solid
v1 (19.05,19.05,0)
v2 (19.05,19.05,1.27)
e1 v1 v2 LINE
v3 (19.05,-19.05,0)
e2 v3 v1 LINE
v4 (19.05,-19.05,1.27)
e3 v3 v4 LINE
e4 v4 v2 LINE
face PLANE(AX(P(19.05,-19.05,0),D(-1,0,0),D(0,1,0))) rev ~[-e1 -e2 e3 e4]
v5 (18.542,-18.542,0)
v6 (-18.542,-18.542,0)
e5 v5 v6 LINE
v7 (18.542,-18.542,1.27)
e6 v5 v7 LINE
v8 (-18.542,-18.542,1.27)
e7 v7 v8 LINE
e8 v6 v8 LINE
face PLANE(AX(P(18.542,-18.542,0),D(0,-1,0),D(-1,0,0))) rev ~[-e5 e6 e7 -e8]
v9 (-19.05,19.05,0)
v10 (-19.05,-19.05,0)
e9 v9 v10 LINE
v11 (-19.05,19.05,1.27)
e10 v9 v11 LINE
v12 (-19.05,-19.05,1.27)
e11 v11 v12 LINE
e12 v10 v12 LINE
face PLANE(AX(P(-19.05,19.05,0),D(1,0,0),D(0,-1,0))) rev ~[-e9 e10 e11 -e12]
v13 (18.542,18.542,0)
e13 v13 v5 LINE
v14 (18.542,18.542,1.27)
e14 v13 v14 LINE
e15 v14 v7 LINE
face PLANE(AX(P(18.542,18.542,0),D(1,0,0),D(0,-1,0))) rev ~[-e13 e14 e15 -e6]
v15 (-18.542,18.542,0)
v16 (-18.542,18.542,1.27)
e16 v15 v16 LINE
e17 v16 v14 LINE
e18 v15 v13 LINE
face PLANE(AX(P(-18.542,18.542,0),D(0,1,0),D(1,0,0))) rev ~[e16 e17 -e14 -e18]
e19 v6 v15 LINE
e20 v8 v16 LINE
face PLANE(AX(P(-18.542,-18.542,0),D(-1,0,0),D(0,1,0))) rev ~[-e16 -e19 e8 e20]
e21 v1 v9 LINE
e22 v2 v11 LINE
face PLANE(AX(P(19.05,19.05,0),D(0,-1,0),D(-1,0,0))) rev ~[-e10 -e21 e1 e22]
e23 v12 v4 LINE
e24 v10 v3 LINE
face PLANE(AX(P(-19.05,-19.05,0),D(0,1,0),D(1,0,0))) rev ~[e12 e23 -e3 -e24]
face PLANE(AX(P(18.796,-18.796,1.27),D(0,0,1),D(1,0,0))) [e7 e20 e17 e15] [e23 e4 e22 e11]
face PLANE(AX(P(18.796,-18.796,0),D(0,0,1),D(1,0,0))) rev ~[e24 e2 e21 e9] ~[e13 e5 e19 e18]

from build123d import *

# Parameters (mm, degrees)
F0_W     = 0.508
F0_H     = 0.508
F1_DEPTH = 1.27
F2_R     = 1.5875
F3_DEPTH = 25.4


with BuildPart() as f1:
    # F0 (on Top) → F1 (new body)
    with BuildSketch(Plane.XY):
        with Locations((18.796, -18.796)):
            Rectangle(F0_W, F0_H)
        with Locations((18.288, -18.796)):
            Rectangle(F0_W, F0_H)
        with Locations((18.796, -18.288)):
            Rectangle(F0_W, F0_H)
        with Locations((17.78, -18.796)):
            Rectangle(F0_W, F0_H)
        with Locations((18.796, -17.78)):
            Rectangle(F0_W, F0_H)
        with Locations((17.272, -18.796)):
            Rectangle(F0_W, F0_H)
        with Locations((18.796, -17.272)):
            Rectangle(F0_W, F0_H)
        with Locations((16.764, -18.796)):
            Rectangle(F0_W, F0_H)
        with Locations((18.796, -16.764)):
            Rectangle(F0_W, F0_H)
        with Locations((16.256, -18.796)):
            Rectangle(F0_W, F0_H)
        with Locations((18.796, -16.256)):
            Rectangle(F0_W, F0_H)
        with Locations((15.748, -18.796)):
            Rectangle(F0_W, F0_H)
        with Locations((18.796, -15.748)):
            Rectangle(F0_W, F0_H)
        with Locations((15.24, -18.796)):
            Rectangle(F0_W, F0_H)
        with Locations((18.796, -15.24)):
            Rectangle(F0_W, F0_H)
        with Locations((14.732, -18.796)):
            Rectangle(F0_W, F0_H)
        with Locations((18.796, -14.732)):
            Rectangle(F0_W, F0_H)
        with Locations((14.224, -18.796)):
            Rectangle(F0_W, F0_H)
        with Locations((18.796, -14.224)):
            Rectangle(F0_W, F0_H)
        with Locations((13.716, -18.796)):
            Rectangle(F0_W, F0_H)
        with Locations((18.796, -13.716)):
            Rectangle(F0_W, F0_H)
        with Locations((13.208, -18.796)):
            Rectangle(F0_W, F0_H)
        with Locations((18.796, -13.208)):
            Rectangle(F0_W, F0_H)
        with Locations((12.7, -18.796)):
            Rectangle(F0_W, F0_H)
        with Locations((18.796, -12.7)):
            Rectangle(F0_W, F0_H)
        with Locations((12.192, -18.796)):
            Rectangle(F0_W, F0_H)
        with Locations((18.796, -12.192)):
            Rectangle(F0_W, F0_H)
        with Locations((11.684, -18.796)):
            Rectangle(F0_W, F0_H)
        with Locations((18.796, -11.684)):
            Rectangle(F0_W, F0_H)
        with Locations((11.176, -18.796)):
            Rectangle(F0_W, F0_H)
        with Locations((18.796, -11.176)):
            Rectangle(F0_W, F0_H)
        with Locations((10.668, -18.796)):
            Rectangle(F0_W, F0_H)
        with Locations((18.796, -10.668)):
            Rectangle(F0_W, F0_H)
        with Locations((10.16, -18.796)):
            Rectangle(F0_W, F0_H)
        with Locations((18.796, -10.16)):
            Rectangle(F0_W, F0_H)
        with Locations((9.652, -18.796)):
            Rectangle(F0_W, F0_H)
        with Locations((18.796, -9.652)):
            Rectangle(F0_W, F0_H)
        with Locations((9.144, -18.796)):
            Rectangle(F0_W, F0_H)
        with Locations((18.796, -9.144)):
            Rectangle(F0_W, F0_H)
        with Locations((8.636, -18.796)):
            Rectangle(F0_W, F0_H)
        with Locations((18.796, -8.636)):
            Rectangle(F0_W, F0_H)
        with Locations((8.128, -18.796)):
            Rectangle(F0_W, F0_H)
        with Locations((18.796, -8.128)):
            Rectangle(F0_W, F0_H)
        with Locations((7.62, -18.796)):
            Rectangle(F0_W, F0_H)
        with Locations((18.796, -7.62)):
            Rectangle(F0_W, F0_H)
        with Locations((7.112, -18.796)):
            Rectangle(F0_W, F0_H)
        with Locations((18.796, -7.112)):
            Rectangle(F0_W, F0_H)
        with Locations((6.604, -18.796)):
            Rectangle(F0_W, F0_H)
        with Locations((18.796, -6.604)):
            Rectangle(F0_W, F0_H)
        with Locations((6.096, -18.796)):
            Rectangle(F0_W, F0_H)
        with Locations((18.796, -6.096)):
            Rectangle(F0_W, F0_H)
        with Locations((5.588, -18.796)):
            Rectangle(F0_W, F0_H)
        with Locations((18.796, -5.588)):
            Rectangle(F0_W, F0_H)
        with Locations((5.08, -18.796)):
            Rectangle(F0_W, F0_H)
        with Locations((18.796, -5.08)):
            Rectangle(F0_W, F0_H)
        with Locations((4.572, -18.796)):
            Rectangle(F0_W, F0_H)
        with Locations((18.796, -4.572)):
            Rectangle(F0_W, F0_H)
        with Locations((4.064, -18.796)):
            Rectangle(F0_W, F0_H)
        with Locations((18.796, -4.064)):
            Rectangle(F0_W, F0_H)
        with Locations((3.556, -18.796)):
            Rectangle(F0_W, F0_H)
        with Locations((18.796, -3.556)):
            Rectangle(F0_W, F0_H)
        with Locations((3.048, -18.796)):
            Rectangle(F0_W, F0_H)
        with Locations((18.796, -3.048)):
            Rectangle(F0_W, F0_H)
        with Locations((2.54, -18.796)):
            Rectangle(F0_W, F0_H)
        with Locations((18.796, -2.54)):
            Rectangle(F0_W, F0_H)
        with Locations((2.032, -18.796)):
            Rectangle(F0_W, F0_H)
        with Locations((18.796, -2.032)):
            Rectangle(F0_W, F0_H)
        with Locations((1.524, -18.796)):
            Rectangle(F0_W, F0_H)
        with Locations((18.796, -1.524)):
            Rectangle(F0_W, F0_H)
        with Locations((1.016, -18.796)):
            Rectangle(F0_W, F0_H)
        with Locations((18.796, -1.016)):
            Rectangle(F0_W, F0_H)
        with Locations((0.508, -18.796)):
            Rectangle(F0_W, F0_H)
        with Locations((18.796, -0.508)):
            Rectangle(F0_W, F0_H)
        with Locations((0, -18.796)):
            Rectangle(F0_W, F0_H)
        with Locations((18.796, 0)):
            Rectangle(F0_W, F0_H)
        with Locations((-0.508, -18.796)):
            Rectangle(F0_W, F0_H)
        with Locations((18.796, 0.508)):
            Rectangle(F0_W, F0_H)
        with Locations((-1.016, -18.796)):
            Rectangle(F0_W, F0_H)
        with Locations((18.796, 1.016)):
            Rectangle(F0_W, F0_H)
        with Locations((-1.524, -18.796)):
            Rectangle(F0_W, F0_H)
        with Locations((18.796, 1.524)):
            Rectangle(F0_W, F0_H)
        with Locations((-2.032, -18.796)):
            Rectangle(F0_W, F0_H)
        with Locations((18.796, 2.032)):
            Rectangle(F0_W, F0_H)
        with Locations((-2.54, -18.796)):
            Rectangle(F0_W, F0_H)
        with Locations((18.796, 2.54)):
            Rectangle(F0_W, F0_H)
        with Locations((-3.048, -18.796)):
            Rectangle(F0_W, F0_H)
        with Locations((18.796, 3.048)):
            Rectangle(F0_W, F0_H)
        with Locations((-3.556, -18.796)):
            Rectangle(F0_W, F0_H)
        with Locations((18.796, 3.556)):
            Rectangle(F0_W, F0_H)
        with Locations((-4.064, -18.796)):
            Rectangle(F0_W, F0_H)
        with Locations((18.796, 4.064)):
            Rectangle(F0_W, F0_H)
        with Locations((-4.572, -18.796)):
            Rectangle(F0_W, F0_H)
        with Locations((18.796, 4.572)):
            Rectangle(F0_W, F0_H)
        with Locations((-5.08, -18.796)):
            Rectangle(F0_W, F0_H)
        with Locations((18.796, 5.08)):
            Rectangle(F0_W, F0_H)
        with Locations((-5.588, -18.796)):
            Rectangle(F0_W, F0_H)
        with Locations((18.796, 5.588)):
            Rectangle(F0_W, F0_H)
        with Locations((-6.096, -18.796)):
            Rectangle(F0_W, F0_H)
        with Locations((18.796, 6.096)):
            Rectangle(F0_W, F0_H)
        with Locations((-6.604, -18.796)):
            Rectangle(F0_W, F0_H)
        with Locations((18.796, 6.604)):
            Rectangle(F0_W, F0_H)
        with Locations((-7.112, -18.796)):
            Rectangle(F0_W, F0_H)
        with Locations((18.796, 7.112)):
            Rectangle(F0_W, F0_H)
        with Locations((-7.62, -18.796)):
            Rectangle(F0_W, F0_H)
        with Locations((18.796, 7.62)):
            Rectangle(F0_W, F0_H)
        with Locations((-8.128, -18.796)):
            Rectangle(F0_W, F0_H)
        with Locations((18.796, 8.128)):
            Rectangle(F0_W, F0_H)
        with Locations((-8.636, -18.796)):
            Rectangle(F0_W, F0_H)
        with Locations((18.796, 8.636)):
            Rectangle(F0_W, F0_H)
        with Locations((-9.144, -18.796)):
            Rectangle(F0_W, F0_H)
        with Locations((18.796, 9.144)):
            Rectangle(F0_W, F0_H)
        with Locations((-9.652, -18.796)):
            Rectangle(F0_W, F0_H)
        with Locations((18.796, 9.652)):
            Rectangle(F0_W, F0_H)
        with Locations((-10.16, -18.796)):
            Rectangle(F0_W, F0_H)
        with Locations((18.796, 10.16)):
            Rectangle(F0_W, F0_H)
        with Locations((-10.668, -18.796)):
            Rectangle(F0_W, F0_H)
        with Locations((18.796, 10.668)):
            Rectangle(F0_W, F0_H)
        with Locations((-11.176, -18.796)):
            Rectangle(F0_W, F0_H)
        with Locations((18.796, 11.176)):
            Rectangle(F0_W, F0_H)
        with Locations((-11.684, -18.796)):
            Rectangle(F0_W, F0_H)
        with Locations((18.796, 11.684)):
            Rectangle(F0_W, F0_H)
        with Locations((-12.192, -18.796)):
            Rectangle(F0_W, F0_H)
        with Locations((18.796, 12.192)):
            Rectangle(F0_W, F0_H)
        with Locations((-12.7, -18.796)):
            Rectangle(F0_W, F0_H)
        with Locations((18.796, 12.7)):
            Rectangle(F0_W, F0_H)
        with Locations((-13.208, -18.796)):
            Rectangle(F0_W, F0_H)
        with Locations((18.796, 13.208)):
            Rectangle(F0_W, F0_H)
        with Locations((-13.716, -18.796)):
            Rectangle(F0_W, F0_H)
        with Locations((18.796, 13.716)):
            Rectangle(F0_W, F0_H)
        with Locations((-14.224, -18.796)):
            Rectangle(F0_W, F0_H)
        with Locations((18.796, 14.224)):
            Rectangle(F0_W, F0_H)
        with Locations((-14.732, -18.796)):
            Rectangle(F0_W, F0_H)
        with Locations((18.796, 14.732)):
            Rectangle(F0_W, F0_H)
        with Locations((-15.24, -18.796)):
            Rectangle(F0_W, F0_H)
        with Locations((18.796, 15.24)):
            Rectangle(F0_W, F0_H)
        with Locations((-15.748, -18.796)):
            Rectangle(F0_W, F0_H)
        with Locations((18.796, 15.748)):
            Rectangle(F0_W, F0_H)
        with Locations((-16.256, -18.796)):
            Rectangle(F0_W, F0_H)
        with Locations((18.796, 16.256)):
            Rectangle(F0_W, F0_H)
        with Locations((-16.764, -18.796)):
            Rectangle(F0_W, F0_H)
        with Locations((18.796, 16.764)):
            Rectangle(F0_W, F0_H)
        with Locations((-17.272, -18.796)):
            Rectangle(F0_W, F0_H)
        with Locations((18.796, 17.272)):
            Rectangle(F0_W, F0_H)
        with Locations((-17.78, -18.796)):
            Rectangle(F0_W, F0_H)
        with Locations((18.796, 17.78)):
            Rectangle(F0_W, F0_H)
        with Locations((-18.288, -18.796)):
            Rectangle(F0_W, F0_H)
        with Locations((18.796, 18.288)):
            Rectangle(F0_W, F0_H)
        with Locations((-18.796, -18.796)):
            Rectangle(F0_W, F0_H)
        with Locations((18.796, 18.796)):
            Rectangle(F0_W, F0_H)
        with Locations((-18.796, -18.288)):
            Rectangle(F0_W, F0_H)
        with Locations((18.288, 18.796)):
            Rectangle(F0_W, F0_H)
        with Locations((-18.796, -17.78)):
            Rectangle(F0_W, F0_H)
        with Locations((17.78, 18.796)):
            Rectangle(F0_W, F0_H)
        with Locations((-18.796, -17.272)):
            Rectangle(F0_W, F0_H)
        with Locations((17.272, 18.796)):
            Rectangle(F0_W, F0_H)
        with Locations((-18.796, -16.764)):
            Rectangle(F0_W, F0_H)
        with Locations((16.764, 18.796)):
            Rectangle(F0_W, F0_H)
        with Locations((-18.796, -16.256)):
            Rectangle(F0_W, F0_H)
        with Locations((16.256, 18.796)):
            Rectangle(F0_W, F0_H)
        with Locations((-18.796, -15.748)):
            Rectangle(F0_W, F0_H)
        with Locations((15.748, 18.796)):
            Rectangle(F0_W, F0_H)
        with Locations((-18.796, -15.24)):
            Rectangle(F0_W, F0_H)
        with Locations((15.24, 18.796)):
            Rectangle(F0_W, F0_H)
        with Locations((-18.796, -14.732)):
            Rectangle(F0_W, F0_H)
        with Locations((14.732, 18.796)):
            Rectangle(F0_W, F0_H)
        with Locations((-18.796, -14.224)):
            Rectangle(F0_W, F0_H)
        with Locations((14.224, 18.796)):
            Rectangle(F0_W, F0_H)
        with Locations((-18.796, -13.716)):
            Rectangle(F0_W, F0_H)
        with Locations((13.716, 18.796)):
            Rectangle(F0_W, F0_H)
        with Locations((-18.796, -13.208)):
            Rectangle(F0_W, F0_H)
        with Locations((13.208, 18.796)):
            Rectangle(F0_W, F0_H)
        with Locations((-18.796, -12.7)):
            Rectangle(F0_W, F0_H)
        with Locations((12.7, 18.796)):
            Rectangle(F0_W, F0_H)
        with Locations((-18.796, -12.192)):
            Rectangle(F0_W, F0_H)
        with Locations((12.192, 18.796)):
            Rectangle(F0_W, F0_H)
        with Locations((-18.796, -11.684)):
            Rectangle(F0_W, F0_H)
        with Locations((11.684, 18.796)):
            Rectangle(F0_W, F0_H)
        with Locations((-18.796, -11.176)):
            Rectangle(F0_W, F0_H)
        with Locations((11.176, 18.796)):
            Rectangle(F0_W, F0_H)
        with Locations((-18.796, -10.668)):
            Rectangle(F0_W, F0_H)
        with Locations((10.668, 18.796)):
            Rectangle(F0_W, F0_H)
        with Locations((-18.796, -10.16)):
            Rectangle(F0_W, F0_H)
        with Locations((10.16, 18.796)):
            Rectangle(F0_W, F0_H)
        with Locations((-18.796, -9.652)):
            Rectangle(F0_W, F0_H)
        with Locations((9.652, 18.796)):
            Rectangle(F0_W, F0_H)
        with Locations((-18.796, -9.144)):
            Rectangle(F0_W, F0_H)
        with Locations((9.144, 18.796)):
            Rectangle(F0_W, F0_H)
        with Locations((-18.796, -8.636)):
            Rectangle(F0_W, F0_H)
        with Locations((8.636, 18.796)):
            Rectangle(F0_W, F0_H)
        with Locations((-18.796, -8.128)):
            Rectangle(F0_W, F0_H)
        with Locations((8.128, 18.796)):
            Rectangle(F0_W, F0_H)
        with Locations((-18.796, -7.62)):
            Rectangle(F0_W, F0_H)
        with Locations((7.62, 18.796)):
            Rectangle(F0_W, F0_H)
        with Locations((-18.796, -7.112)):
            Rectangle(F0_W, F0_H)
        with Locations((7.112, 18.796)):
            Rectangle(F0_W, F0_H)
        with Locations((-18.796, -6.604)):
            Rectangle(F0_W, F0_H)
        with Locations((6.604, 18.796)):
            Rectangle(F0_W, F0_H)
        with Locations((-18.796, -6.096)):
            Rectangle(F0_W, F0_H)
        with Locations((6.096, 18.796)):
            Rectangle(F0_W, F0_H)
        with Locations((-18.796, -5.588)):
            Rectangle(F0_W, F0_H)
        with Locations((5.588, 18.796)):
            Rectangle(F0_W, F0_H)
        with Locations((-18.796, -5.08)):
            Rectangle(F0_W, F0_H)
        with Locations((5.08, 18.796)):
            Rectangle(F0_W, F0_H)
        with Locations((-18.796, -4.572)):
            Rectangle(F0_W, F0_H)
        with Locations((4.572, 18.796)):
            Rectangle(F0_W, F0_H)
        with Locations((-18.796, -4.064)):
            Rectangle(F0_W, F0_H)
        with Locations((4.064, 18.796)):
            Rectangle(F0_W, F0_H)
        with Locations((-18.796, -3.556)):
            Rectangle(F0_W, F0_H)
        with Locations((3.556, 18.796)):
            Rectangle(F0_W, F0_H)
        with Locations((-18.796, -3.048)):
            Rectangle(F0_W, F0_H)
        with Locations((3.048, 18.796)):
            Rectangle(F0_W, F0_H)
        with Locations((-18.796, -2.54)):
            Rectangle(F0_W, F0_H)
        with Locations((2.54, 18.796)):
            Rectangle(F0_W, F0_H)
        with Locations((-18.796, -2.032)):
            Rectangle(F0_W, F0_H)
        with Locations((2.032, 18.796)):
            Rectangle(F0_W, F0_H)
        with Locations((-18.796, -1.524)):
            Rectangle(F0_W, F0_H)
        with Locations((1.524, 18.796)):
            Rectangle(F0_W, F0_H)
        with Locations((-18.796, -1.016)):
            Rectangle(F0_W, F0_H)
        with Locations((1.016, 18.796)):
            Rectangle(F0_W, F0_H)
        with Locations((-18.796, -0.508)):
            Rectangle(F0_W, F0_H)
        with Locations((0.508, 18.796)):
            Rectangle(F0_W, F0_H)
        with Locations((-18.796, 0)):
            Rectangle(F0_W, F0_H)
        with Locations((0, 18.796)):
            Rectangle(F0_W, F0_H)
        with Locations((-18.796, 0.508)):
            Rectangle(F0_W, F0_H)
        with Locations((-0.508, 18.796)):
            Rectangle(F0_W, F0_H)
        with Locations((-18.796, 1.016)):
            Rectangle(F0_W, F0_H)
        with Locations((-1.016, 18.796)):
            Rectangle(F0_W, F0_H)
        with Locations((-18.796, 1.524)):
            Rectangle(F0_W, F0_H)
        with Locations((-1.524, 18.796)):
            Rectangle(F0_W, F0_H)
        with Locations((-18.796, 2.032)):
            Rectangle(F0_W, F0_H)
        with Locations((-2.032, 18.796)):
            Rectangle(F0_W, F0_H)
        with Locations((-18.796, 2.54)):
            Rectangle(F0_W, F0_H)
        with Locations((-2.54, 18.796)):
            Rectangle(F0_W, F0_H)
        with Locations((-18.796, 3.048)):
            Rectangle(F0_W, F0_H)
        with Locations((-3.048, 18.796)):
            Rectangle(F0_W, F0_H)
        with Locations((-18.796, 3.556)):
            Rectangle(F0_W, F0_H)
        with Locations((-3.556, 18.796)):
            Rectangle(F0_W, F0_H)
        with Locations((-18.796, 4.064)):
            Rectangle(F0_W, F0_H)
        with Locations((-4.064, 18.796)):
            Rectangle(F0_W, F0_H)
        with Locations((-18.796, 4.572)):
            Rectangle(F0_W, F0_H)
        with Locations((-4.572, 18.796)):
            Rectangle(F0_W, F0_H)
        with Locations((-18.796, 5.08)):
            Rectangle(F0_W, F0_H)
        with Locations((-5.08, 18.796)):
            Rectangle(F0_W, F0_H)
        with Locations((-18.796, 5.588)):
            Rectangle(F0_W, F0_H)
        with Locations((-5.588, 18.796)):
            Rectangle(F0_W, F0_H)
        with Locations((-18.796, 6.096)):
            Rectangle(F0_W, F0_H)
        with Locations((-6.096, 18.796)):
            Rectangle(F0_W, F0_H)
        with Locations((-18.796, 6.604)):
            Rectangle(F0_W, F0_H)
        with Locations((-6.604, 18.796)):
            Rectangle(F0_W, F0_H)
        with Locations((-18.796, 7.112)):
            Rectangle(F0_W, F0_H)
        with Locations((-7.112, 18.796)):
            Rectangle(F0_W, F0_H)
        with Locations((-18.796, 7.62)):
            Rectangle(F0_W, F0_H)
        with Locations((-7.62, 18.796)):
            Rectangle(F0_W, F0_H)
        with Locations((-18.796, 8.128)):
            Rectangle(F0_W, F0_H)
        with Locations((-8.128, 18.796)):
            Rectangle(F0_W, F0_H)
        with Locations((-18.796, 8.636)):
            Rectangle(F0_W, F0_H)
        with Locations((-8.636, 18.796)):
            Rectangle(F0_W, F0_H)
        with Locations((-18.796, 9.144)):
            Rectangle(F0_W, F0_H)
        with Locations((-9.144, 18.796)):
            Rectangle(F0_W, F0_H)
        with Locations((-18.796, 9.652)):
            Rectangle(F0_W, F0_H)
        with Locations((-9.652, 18.796)):
            Rectangle(F0_W, F0_H)
        with Locations((-18.796, 10.16)):
            Rectangle(F0_W, F0_H)
        with Locations((-10.16, 18.796)):
            Rectangle(F0_W, F0_H)
        with Locations((-18.796, 10.668)):
            Rectangle(F0_W, F0_H)
        with Locations((-10.668, 18.796)):
            Rectangle(F0_W, F0_H)
        with Locations((-18.796, 11.176)):
            Rectangle(F0_W, F0_H)
        with Locations((-11.176, 18.796)):
            Rectangle(F0_W, F0_H)
        with Locations((-18.796, 11.684)):
            Rectangle(F0_W, F0_H)
        with Locations((-11.684, 18.796)):
            Rectangle(F0_W, F0_H)
        with Locations((-18.796, 12.192)):
            Rectangle(F0_W, F0_H)
        with Locations((-12.192, 18.796)):
            Rectangle(F0_W, F0_H)
        with Locations((-18.796, 12.7)):
            Rectangle(F0_W, F0_H)
        with Locations((-12.7, 18.796)):
            Rectangle(F0_W, F0_H)
        with Locations((-18.796, 13.208)):
            Rectangle(F0_W, F0_H)
        with Locations((-13.208, 18.796)):
            Rectangle(F0_W, F0_H)
        with Locations((-18.796, 13.716)):
            Rectangle(F0_W, F0_H)
        with Locations((-13.716, 18.796)):
            Rectangle(F0_W, F0_H)
        with Locations((-18.796, 14.224)):
            Rectangle(F0_W, F0_H)
        with Locations((-14.224, 18.796)):
            Rectangle(F0_W, F0_H)
        with Locations((-18.796, 14.732)):
            Rectangle(F0_W, F0_H)
        with Locations((-14.732, 18.796)):
            Rectangle(F0_W, F0_H)
        with Locations((-18.796, 15.24)):
            Rectangle(F0_W, F0_H)
        with Locations((-15.24, 18.796)):
            Rectangle(F0_W, F0_H)
        with Locations((-18.796, 15.748)):
            Rectangle(F0_W, F0_H)
        with Locations((-15.748, 18.796)):
            Rectangle(F0_W, F0_H)
        with Locations((-18.796, 16.256)):
            Rectangle(F0_W, F0_H)
        with Locations((-16.256, 18.796)):
            Rectangle(F0_W, F0_H)
        with Locations((-18.796, 16.764)):
            Rectangle(F0_W, F0_H)
        with Locations((-16.764, 18.796)):
            Rectangle(F0_W, F0_H)
        with Locations((-18.796, 17.272)):
            Rectangle(F0_W, F0_H)
        with Locations((-17.272, 18.796)):
            Rectangle(F0_W, F0_H)
        with Locations((-18.796, 17.78)):
            Rectangle(F0_W, F0_H)
        with Locations((-17.78, 18.796)):
            Rectangle(F0_W, F0_H)
        with Locations((-18.796, 18.288)):
            Rectangle(F0_W, F0_H)
        with Locations((-18.288, 18.796)):
            Rectangle(F0_W, F0_H)
        with Locations((-18.796, 18.796)):
            Rectangle(F0_W, F0_H)
    extrude(amount=F1_DEPTH)

    # F2 (on Top) → F3 (cut)
    with BuildSketch(Plane.XY):
        with Locations((13.97, 13.97)):
            Circle(F2_R)
    extrude(amount=F3_DEPTH, mode=Mode.SUBTRACT)

    # F4: F1 across plane


with BuildPart() as f1_1:
    add(f1.part)
    add(f1.part.mirror(Plane.YZ), mode=Mode.INTERSECT)

    # F5: F1 across plane


with BuildPart() as f1_2:
    add(f1_1.part)
    add(f1_1.part.mirror(Plane.XZ), mode=Mode.INTERSECT)


solid = f1_2.part
